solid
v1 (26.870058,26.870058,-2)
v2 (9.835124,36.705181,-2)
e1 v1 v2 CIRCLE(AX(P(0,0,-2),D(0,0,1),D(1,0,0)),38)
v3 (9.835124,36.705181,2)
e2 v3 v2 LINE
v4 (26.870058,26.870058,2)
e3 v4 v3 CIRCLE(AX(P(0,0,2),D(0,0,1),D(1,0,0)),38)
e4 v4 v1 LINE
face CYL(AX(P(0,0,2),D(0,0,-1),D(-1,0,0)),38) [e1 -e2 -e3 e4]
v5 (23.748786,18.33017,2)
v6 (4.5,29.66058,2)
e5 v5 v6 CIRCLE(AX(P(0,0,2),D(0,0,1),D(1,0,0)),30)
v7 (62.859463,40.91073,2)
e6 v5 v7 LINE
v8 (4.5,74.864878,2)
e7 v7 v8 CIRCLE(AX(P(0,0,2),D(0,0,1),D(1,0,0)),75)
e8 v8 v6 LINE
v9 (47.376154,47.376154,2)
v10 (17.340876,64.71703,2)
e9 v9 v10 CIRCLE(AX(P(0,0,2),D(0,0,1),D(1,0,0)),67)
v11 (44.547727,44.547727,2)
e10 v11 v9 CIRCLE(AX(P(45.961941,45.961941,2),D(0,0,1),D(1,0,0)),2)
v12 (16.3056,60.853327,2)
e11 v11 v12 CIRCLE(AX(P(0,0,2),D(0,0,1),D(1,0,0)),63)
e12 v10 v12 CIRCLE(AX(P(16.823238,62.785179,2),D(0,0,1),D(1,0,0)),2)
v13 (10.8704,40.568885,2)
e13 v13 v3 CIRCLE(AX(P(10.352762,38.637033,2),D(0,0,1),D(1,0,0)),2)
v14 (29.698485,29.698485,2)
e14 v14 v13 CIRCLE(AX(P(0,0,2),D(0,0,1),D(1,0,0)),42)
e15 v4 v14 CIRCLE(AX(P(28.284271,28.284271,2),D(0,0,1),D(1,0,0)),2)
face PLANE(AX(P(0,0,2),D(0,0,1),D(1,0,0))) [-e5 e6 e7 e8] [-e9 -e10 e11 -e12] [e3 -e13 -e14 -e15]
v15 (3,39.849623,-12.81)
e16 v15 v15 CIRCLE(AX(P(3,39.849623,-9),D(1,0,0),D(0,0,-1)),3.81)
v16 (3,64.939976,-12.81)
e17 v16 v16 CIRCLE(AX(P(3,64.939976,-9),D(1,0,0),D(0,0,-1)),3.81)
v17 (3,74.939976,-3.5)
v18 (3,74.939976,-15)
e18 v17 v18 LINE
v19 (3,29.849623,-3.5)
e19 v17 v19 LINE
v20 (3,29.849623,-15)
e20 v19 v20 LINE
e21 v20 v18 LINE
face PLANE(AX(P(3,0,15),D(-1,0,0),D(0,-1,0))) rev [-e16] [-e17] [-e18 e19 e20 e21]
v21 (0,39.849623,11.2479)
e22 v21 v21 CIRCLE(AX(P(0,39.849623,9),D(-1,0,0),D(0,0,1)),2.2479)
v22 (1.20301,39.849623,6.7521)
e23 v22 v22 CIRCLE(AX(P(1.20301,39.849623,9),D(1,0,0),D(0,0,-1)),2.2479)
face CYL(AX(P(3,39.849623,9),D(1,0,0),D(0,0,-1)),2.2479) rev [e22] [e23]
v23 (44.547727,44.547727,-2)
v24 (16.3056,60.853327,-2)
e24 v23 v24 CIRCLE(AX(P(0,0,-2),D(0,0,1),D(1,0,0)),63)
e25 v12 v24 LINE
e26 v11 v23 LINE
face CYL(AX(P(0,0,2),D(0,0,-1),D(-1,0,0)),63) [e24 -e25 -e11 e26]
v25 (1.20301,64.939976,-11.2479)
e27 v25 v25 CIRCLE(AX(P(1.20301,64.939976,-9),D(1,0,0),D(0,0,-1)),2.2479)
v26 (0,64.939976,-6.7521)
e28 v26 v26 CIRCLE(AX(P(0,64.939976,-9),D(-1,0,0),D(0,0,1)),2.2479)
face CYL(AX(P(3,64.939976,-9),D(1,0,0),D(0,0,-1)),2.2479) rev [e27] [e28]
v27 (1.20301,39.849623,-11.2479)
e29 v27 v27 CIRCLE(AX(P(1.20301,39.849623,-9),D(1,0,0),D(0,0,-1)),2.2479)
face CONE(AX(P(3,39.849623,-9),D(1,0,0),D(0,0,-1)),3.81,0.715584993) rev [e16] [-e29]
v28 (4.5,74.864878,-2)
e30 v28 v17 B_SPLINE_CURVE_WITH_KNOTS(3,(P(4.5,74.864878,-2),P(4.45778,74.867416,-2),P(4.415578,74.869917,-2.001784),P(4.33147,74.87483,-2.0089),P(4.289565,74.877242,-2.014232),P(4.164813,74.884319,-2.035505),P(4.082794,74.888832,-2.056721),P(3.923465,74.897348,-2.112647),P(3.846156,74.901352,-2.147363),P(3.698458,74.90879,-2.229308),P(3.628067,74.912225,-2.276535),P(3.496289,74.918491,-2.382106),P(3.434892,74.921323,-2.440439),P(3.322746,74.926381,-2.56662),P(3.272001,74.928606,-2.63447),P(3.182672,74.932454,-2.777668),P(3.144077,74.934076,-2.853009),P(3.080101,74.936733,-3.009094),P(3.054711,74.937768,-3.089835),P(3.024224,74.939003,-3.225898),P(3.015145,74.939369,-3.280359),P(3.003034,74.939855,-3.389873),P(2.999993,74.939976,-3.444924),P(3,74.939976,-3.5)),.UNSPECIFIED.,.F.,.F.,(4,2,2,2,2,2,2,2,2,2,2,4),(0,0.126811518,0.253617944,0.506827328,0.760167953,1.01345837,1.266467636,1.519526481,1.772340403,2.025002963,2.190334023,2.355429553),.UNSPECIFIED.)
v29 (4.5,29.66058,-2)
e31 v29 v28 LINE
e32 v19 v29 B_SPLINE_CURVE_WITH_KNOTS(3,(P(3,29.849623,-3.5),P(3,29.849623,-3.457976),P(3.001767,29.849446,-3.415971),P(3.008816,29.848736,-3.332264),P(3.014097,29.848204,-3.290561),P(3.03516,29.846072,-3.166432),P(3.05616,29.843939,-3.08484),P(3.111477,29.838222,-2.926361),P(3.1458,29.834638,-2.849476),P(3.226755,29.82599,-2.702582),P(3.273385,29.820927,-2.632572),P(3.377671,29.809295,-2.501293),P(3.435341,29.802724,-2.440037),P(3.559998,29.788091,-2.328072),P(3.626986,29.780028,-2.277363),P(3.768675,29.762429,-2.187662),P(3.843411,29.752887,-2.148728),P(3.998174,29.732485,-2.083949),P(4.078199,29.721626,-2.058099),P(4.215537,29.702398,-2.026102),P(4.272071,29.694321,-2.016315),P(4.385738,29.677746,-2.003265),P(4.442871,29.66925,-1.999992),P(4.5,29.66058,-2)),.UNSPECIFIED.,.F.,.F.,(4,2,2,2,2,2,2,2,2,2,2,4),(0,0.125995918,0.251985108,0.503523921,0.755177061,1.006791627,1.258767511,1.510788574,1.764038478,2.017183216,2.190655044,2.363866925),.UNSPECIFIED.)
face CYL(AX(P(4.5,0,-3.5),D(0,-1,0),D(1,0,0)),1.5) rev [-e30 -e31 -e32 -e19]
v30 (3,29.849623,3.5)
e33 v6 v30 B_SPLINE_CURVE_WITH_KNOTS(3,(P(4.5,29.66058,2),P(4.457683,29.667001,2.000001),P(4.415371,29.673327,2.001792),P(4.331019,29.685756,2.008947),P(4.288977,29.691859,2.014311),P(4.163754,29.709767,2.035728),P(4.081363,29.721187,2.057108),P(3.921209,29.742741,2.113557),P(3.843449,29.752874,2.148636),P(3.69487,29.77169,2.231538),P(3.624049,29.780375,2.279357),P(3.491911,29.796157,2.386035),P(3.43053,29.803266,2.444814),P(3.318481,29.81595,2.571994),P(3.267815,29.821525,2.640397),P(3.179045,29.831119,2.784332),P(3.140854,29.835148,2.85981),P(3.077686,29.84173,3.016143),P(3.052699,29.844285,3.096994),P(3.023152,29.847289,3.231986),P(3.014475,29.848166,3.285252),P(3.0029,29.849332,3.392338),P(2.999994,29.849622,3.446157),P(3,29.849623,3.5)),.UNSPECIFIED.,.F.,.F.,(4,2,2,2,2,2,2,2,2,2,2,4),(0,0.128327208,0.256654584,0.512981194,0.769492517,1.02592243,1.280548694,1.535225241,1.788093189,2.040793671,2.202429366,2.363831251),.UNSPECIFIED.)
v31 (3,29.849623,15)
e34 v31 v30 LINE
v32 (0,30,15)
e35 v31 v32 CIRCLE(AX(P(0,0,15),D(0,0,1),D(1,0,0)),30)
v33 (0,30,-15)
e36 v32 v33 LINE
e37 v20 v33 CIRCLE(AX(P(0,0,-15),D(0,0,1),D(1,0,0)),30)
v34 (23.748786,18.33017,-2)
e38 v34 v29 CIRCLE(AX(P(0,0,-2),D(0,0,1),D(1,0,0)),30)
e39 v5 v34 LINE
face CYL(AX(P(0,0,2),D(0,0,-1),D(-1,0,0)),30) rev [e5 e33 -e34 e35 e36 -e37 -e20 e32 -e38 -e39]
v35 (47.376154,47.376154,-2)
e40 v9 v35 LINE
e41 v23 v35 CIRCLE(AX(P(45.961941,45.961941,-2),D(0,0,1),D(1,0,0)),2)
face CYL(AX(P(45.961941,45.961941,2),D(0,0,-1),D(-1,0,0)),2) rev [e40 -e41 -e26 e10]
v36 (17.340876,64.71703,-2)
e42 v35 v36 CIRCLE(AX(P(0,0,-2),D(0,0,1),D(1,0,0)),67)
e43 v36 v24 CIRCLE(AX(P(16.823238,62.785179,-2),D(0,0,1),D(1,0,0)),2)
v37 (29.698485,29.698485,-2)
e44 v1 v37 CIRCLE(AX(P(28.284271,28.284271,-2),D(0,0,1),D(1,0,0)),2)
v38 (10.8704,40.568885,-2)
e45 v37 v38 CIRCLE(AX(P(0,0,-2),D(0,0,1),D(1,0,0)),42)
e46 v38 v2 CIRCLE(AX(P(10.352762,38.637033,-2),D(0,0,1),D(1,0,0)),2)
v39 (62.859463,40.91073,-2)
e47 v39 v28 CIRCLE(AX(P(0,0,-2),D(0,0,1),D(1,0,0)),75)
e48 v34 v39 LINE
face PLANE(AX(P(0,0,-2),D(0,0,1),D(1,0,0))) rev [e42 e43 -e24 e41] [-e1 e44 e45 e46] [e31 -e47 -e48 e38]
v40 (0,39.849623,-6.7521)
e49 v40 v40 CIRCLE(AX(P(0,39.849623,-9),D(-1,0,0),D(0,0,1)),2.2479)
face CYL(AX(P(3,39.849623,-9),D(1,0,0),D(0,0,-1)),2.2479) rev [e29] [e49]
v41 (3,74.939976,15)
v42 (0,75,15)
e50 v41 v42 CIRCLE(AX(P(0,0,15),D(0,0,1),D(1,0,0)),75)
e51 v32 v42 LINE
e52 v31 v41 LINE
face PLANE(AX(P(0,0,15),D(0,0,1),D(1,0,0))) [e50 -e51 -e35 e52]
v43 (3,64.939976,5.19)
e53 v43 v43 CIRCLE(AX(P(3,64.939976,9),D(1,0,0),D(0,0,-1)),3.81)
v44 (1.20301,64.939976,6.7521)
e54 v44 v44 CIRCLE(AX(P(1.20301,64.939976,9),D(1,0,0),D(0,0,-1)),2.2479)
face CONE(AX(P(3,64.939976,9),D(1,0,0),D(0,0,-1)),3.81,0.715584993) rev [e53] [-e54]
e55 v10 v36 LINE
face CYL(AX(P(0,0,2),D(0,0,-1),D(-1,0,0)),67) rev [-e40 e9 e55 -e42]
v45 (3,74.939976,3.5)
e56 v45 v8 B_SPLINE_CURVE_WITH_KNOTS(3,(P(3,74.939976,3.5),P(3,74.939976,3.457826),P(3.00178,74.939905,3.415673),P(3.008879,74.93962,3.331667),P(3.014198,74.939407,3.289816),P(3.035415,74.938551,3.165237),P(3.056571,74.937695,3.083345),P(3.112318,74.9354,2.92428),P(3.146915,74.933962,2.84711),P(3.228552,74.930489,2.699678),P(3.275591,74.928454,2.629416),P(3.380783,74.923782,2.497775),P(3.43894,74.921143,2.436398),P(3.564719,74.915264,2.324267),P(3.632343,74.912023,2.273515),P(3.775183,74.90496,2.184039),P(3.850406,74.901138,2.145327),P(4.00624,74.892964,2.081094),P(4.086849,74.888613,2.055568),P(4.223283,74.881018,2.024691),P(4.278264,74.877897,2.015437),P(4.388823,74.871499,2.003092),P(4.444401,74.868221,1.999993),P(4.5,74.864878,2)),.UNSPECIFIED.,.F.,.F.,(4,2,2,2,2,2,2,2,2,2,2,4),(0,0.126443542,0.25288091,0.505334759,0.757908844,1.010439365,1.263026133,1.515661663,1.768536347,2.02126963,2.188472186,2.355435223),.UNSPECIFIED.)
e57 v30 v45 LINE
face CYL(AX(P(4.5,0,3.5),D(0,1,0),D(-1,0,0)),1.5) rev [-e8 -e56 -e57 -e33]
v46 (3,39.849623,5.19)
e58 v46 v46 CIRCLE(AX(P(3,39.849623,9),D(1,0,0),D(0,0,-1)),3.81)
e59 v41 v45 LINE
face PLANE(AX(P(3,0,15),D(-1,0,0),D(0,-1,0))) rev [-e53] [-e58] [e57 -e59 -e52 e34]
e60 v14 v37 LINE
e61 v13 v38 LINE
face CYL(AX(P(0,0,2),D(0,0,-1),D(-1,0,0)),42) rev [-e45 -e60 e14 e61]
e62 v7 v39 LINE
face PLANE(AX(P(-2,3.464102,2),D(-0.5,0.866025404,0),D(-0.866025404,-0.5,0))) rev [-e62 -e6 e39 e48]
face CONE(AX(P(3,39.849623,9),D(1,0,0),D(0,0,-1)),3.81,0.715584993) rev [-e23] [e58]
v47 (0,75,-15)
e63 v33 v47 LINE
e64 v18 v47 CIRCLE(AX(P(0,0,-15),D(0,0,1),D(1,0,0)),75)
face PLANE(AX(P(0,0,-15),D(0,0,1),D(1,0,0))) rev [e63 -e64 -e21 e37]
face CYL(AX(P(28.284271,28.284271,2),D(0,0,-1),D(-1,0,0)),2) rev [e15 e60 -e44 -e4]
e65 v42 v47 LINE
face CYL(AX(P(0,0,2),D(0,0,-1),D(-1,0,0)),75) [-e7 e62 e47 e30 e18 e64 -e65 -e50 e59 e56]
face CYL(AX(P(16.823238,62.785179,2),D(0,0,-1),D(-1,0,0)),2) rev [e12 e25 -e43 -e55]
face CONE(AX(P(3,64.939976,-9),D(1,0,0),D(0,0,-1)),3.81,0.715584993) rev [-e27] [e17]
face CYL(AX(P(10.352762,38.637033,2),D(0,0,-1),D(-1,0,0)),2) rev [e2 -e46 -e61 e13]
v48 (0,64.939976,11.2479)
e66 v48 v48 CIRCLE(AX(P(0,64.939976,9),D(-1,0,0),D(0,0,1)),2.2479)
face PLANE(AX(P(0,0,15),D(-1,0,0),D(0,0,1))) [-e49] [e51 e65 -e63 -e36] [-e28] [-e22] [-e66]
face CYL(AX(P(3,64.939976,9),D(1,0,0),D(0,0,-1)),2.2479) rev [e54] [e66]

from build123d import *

# Parameters (mm, degrees)
BOSS_EXTRUDE1_DEPTH                               = 2
BOSS_EXTRUDE2_DEPTH                               = 15
CSK_FOR_8_FLAT_HEAD_SOCKET_CAP_SCREW1_D           = 4.4958
CSK_FOR_8_FLAT_HEAD_SOCKET_CAP_SCREW1_DEPTH       = 15
CSK_FOR_8_FLAT_HEAD_SOCKET_CAP_SCREW1_CSINK_D     = 7.62
CSK_FOR_8_FLAT_HEAD_SOCKET_CAP_SCREW1_CSINK_ANGLE = 82
CSK_FOR_8_FLAT_HEAD_SOCKET_CAP_SCREW1_TIP         = 0.7087601475210669
FILLET1_R                                         = 1.5


with BuildPart() as part:
    # Sketch1 → Boss-Extrude1 (new, symmetric)
    with BuildSketch(Plane.XY):
        with BuildLine():
            ThreePointArc((3.0000000000000036, 29.84962311319859), (14.561896892531825, 26.228823055777227), (23.748786379167363, 18.330170362456368))
            Line((23.748786379167367, 18.33017036245637), (62.85946345754006, 40.910730301843614))
            ThreePointArc((62.859463457540045, 40.910730301843614), (37.065679841305055, 65.20073142152523), (2.9999999999999964, 74.93997598078077))
            Line((2.999999999999999, 74.93997598078074), (3, 29.849623113198593))
        make_face()
        with BuildLine():
            ThreePointArc((10.870399894306182, 40.568884704140785), (21.000000000000167, 36.373066958946325), (29.698484809835048, 29.698484809834948))
            ThreePointArc((29.698484809835044, 29.698484809834945), (29.69848480983504, 26.870057685088753), (26.87005768508885, 26.870057685088756))
            ThreePointArc((26.870057685088845, 26.87005768508876), (19.000000000000156, 32.90896534380858), (9.835123713896072, 36.70518139898452))
            ThreePointArc((9.835123713896072, 36.70518139898452), (8.420910151522994, 39.15467114176771), (10.870399894306184, 40.568884704140785))
        make_face(mode=Mode.SUBTRACT)
        with BuildLine():
            ThreePointArc((17.340876021869384, 64.71703036136746), (33.500000000000284, 58.023702053557244), (47.37615433949878, 47.37615433949861))
            ThreePointArc((47.37615433949877, 47.3761543394986), (47.376154339498754, 44.547727214752406), (44.54772721475256, 44.54772721475241))
            ThreePointArc((44.54772721475258, 44.54772721475243), (31.50000000000025, 54.55960043841949), (16.30559984145927, 60.85332705621119))
            ThreePointArc((16.30559984145927, 60.85332705621118), (14.891386279086177, 63.302816798994385), (17.340876021869388, 64.71703036136746))
        make_face(mode=Mode.SUBTRACT)
    extrude(amount=BOSS_EXTRUDE1_DEPTH, both=True)

    # Sketch1<3> → Boss-Extrude2 (add, symmetric)
    with BuildSketch(Plane.XY):
        with BuildLine():
            ThreePointArc((1.78e-15, 30), (1.501883251794565, 29.962382193309978), (3.0000000000000036, 29.84962311319859))
            Line((3, 29.849623113198593), (2.999999999999999, 74.93997598078074))
            ThreePointArc((2.9999999999999964, 74.93997598078077), (1.5003002101982155, 74.98499249369355), (-1.066e-14, 75))
            Line((0, 75), (0, 30))
        make_face()
    extrude(amount=BOSS_EXTRUDE2_DEPTH, both=True)

    # CSK for #8 Flat Head Socket Cap Screw1
    with Locations(Plane(origin=(3.0000000000000004, 6e-17, 0), x_dir=(0, 0, -1), z_dir=(1, 2e-17, 0))):
        with Locations((-9, 64.939975981), (9, 64.939975981), (9, 39.849623113), (-9, 39.849623113)):
            CounterSinkHole(CSK_FOR_8_FLAT_HEAD_SOCKET_CAP_SCREW1_D / 2, CSK_FOR_8_FLAT_HEAD_SOCKET_CAP_SCREW1_CSINK_D / 2, depth=CSK_FOR_8_FLAT_HEAD_SOCKET_CAP_SCREW1_DEPTH, counter_sink_angle=CSK_FOR_8_FLAT_HEAD_SOCKET_CAP_SCREW1_CSINK_ANGLE)
            with Locations((0, 0, -(CSK_FOR_8_FLAT_HEAD_SOCKET_CAP_SCREW1_DEPTH + CSK_FOR_8_FLAT_HEAD_SOCKET_CAP_SCREW1_TIP / 2))):  # 145° drill point
                Cone(0, CSK_FOR_8_FLAT_HEAD_SOCKET_CAP_SCREW1_D / 2, CSK_FOR_8_FLAT_HEAD_SOCKET_CAP_SCREW1_TIP, mode=Mode.SUBTRACT)

    # Fillet1
    fillet1_edges = [part.edges().sort_by_distance(p)[0] for p in [
        (2.9999999999999996, 52.39479954698967, -2),
        (2.9999999999999996, 52.39479954698967, 2),
    ]]
    fillet(fillet1_edges, radius=FILLET1_R)


solid = part.part
